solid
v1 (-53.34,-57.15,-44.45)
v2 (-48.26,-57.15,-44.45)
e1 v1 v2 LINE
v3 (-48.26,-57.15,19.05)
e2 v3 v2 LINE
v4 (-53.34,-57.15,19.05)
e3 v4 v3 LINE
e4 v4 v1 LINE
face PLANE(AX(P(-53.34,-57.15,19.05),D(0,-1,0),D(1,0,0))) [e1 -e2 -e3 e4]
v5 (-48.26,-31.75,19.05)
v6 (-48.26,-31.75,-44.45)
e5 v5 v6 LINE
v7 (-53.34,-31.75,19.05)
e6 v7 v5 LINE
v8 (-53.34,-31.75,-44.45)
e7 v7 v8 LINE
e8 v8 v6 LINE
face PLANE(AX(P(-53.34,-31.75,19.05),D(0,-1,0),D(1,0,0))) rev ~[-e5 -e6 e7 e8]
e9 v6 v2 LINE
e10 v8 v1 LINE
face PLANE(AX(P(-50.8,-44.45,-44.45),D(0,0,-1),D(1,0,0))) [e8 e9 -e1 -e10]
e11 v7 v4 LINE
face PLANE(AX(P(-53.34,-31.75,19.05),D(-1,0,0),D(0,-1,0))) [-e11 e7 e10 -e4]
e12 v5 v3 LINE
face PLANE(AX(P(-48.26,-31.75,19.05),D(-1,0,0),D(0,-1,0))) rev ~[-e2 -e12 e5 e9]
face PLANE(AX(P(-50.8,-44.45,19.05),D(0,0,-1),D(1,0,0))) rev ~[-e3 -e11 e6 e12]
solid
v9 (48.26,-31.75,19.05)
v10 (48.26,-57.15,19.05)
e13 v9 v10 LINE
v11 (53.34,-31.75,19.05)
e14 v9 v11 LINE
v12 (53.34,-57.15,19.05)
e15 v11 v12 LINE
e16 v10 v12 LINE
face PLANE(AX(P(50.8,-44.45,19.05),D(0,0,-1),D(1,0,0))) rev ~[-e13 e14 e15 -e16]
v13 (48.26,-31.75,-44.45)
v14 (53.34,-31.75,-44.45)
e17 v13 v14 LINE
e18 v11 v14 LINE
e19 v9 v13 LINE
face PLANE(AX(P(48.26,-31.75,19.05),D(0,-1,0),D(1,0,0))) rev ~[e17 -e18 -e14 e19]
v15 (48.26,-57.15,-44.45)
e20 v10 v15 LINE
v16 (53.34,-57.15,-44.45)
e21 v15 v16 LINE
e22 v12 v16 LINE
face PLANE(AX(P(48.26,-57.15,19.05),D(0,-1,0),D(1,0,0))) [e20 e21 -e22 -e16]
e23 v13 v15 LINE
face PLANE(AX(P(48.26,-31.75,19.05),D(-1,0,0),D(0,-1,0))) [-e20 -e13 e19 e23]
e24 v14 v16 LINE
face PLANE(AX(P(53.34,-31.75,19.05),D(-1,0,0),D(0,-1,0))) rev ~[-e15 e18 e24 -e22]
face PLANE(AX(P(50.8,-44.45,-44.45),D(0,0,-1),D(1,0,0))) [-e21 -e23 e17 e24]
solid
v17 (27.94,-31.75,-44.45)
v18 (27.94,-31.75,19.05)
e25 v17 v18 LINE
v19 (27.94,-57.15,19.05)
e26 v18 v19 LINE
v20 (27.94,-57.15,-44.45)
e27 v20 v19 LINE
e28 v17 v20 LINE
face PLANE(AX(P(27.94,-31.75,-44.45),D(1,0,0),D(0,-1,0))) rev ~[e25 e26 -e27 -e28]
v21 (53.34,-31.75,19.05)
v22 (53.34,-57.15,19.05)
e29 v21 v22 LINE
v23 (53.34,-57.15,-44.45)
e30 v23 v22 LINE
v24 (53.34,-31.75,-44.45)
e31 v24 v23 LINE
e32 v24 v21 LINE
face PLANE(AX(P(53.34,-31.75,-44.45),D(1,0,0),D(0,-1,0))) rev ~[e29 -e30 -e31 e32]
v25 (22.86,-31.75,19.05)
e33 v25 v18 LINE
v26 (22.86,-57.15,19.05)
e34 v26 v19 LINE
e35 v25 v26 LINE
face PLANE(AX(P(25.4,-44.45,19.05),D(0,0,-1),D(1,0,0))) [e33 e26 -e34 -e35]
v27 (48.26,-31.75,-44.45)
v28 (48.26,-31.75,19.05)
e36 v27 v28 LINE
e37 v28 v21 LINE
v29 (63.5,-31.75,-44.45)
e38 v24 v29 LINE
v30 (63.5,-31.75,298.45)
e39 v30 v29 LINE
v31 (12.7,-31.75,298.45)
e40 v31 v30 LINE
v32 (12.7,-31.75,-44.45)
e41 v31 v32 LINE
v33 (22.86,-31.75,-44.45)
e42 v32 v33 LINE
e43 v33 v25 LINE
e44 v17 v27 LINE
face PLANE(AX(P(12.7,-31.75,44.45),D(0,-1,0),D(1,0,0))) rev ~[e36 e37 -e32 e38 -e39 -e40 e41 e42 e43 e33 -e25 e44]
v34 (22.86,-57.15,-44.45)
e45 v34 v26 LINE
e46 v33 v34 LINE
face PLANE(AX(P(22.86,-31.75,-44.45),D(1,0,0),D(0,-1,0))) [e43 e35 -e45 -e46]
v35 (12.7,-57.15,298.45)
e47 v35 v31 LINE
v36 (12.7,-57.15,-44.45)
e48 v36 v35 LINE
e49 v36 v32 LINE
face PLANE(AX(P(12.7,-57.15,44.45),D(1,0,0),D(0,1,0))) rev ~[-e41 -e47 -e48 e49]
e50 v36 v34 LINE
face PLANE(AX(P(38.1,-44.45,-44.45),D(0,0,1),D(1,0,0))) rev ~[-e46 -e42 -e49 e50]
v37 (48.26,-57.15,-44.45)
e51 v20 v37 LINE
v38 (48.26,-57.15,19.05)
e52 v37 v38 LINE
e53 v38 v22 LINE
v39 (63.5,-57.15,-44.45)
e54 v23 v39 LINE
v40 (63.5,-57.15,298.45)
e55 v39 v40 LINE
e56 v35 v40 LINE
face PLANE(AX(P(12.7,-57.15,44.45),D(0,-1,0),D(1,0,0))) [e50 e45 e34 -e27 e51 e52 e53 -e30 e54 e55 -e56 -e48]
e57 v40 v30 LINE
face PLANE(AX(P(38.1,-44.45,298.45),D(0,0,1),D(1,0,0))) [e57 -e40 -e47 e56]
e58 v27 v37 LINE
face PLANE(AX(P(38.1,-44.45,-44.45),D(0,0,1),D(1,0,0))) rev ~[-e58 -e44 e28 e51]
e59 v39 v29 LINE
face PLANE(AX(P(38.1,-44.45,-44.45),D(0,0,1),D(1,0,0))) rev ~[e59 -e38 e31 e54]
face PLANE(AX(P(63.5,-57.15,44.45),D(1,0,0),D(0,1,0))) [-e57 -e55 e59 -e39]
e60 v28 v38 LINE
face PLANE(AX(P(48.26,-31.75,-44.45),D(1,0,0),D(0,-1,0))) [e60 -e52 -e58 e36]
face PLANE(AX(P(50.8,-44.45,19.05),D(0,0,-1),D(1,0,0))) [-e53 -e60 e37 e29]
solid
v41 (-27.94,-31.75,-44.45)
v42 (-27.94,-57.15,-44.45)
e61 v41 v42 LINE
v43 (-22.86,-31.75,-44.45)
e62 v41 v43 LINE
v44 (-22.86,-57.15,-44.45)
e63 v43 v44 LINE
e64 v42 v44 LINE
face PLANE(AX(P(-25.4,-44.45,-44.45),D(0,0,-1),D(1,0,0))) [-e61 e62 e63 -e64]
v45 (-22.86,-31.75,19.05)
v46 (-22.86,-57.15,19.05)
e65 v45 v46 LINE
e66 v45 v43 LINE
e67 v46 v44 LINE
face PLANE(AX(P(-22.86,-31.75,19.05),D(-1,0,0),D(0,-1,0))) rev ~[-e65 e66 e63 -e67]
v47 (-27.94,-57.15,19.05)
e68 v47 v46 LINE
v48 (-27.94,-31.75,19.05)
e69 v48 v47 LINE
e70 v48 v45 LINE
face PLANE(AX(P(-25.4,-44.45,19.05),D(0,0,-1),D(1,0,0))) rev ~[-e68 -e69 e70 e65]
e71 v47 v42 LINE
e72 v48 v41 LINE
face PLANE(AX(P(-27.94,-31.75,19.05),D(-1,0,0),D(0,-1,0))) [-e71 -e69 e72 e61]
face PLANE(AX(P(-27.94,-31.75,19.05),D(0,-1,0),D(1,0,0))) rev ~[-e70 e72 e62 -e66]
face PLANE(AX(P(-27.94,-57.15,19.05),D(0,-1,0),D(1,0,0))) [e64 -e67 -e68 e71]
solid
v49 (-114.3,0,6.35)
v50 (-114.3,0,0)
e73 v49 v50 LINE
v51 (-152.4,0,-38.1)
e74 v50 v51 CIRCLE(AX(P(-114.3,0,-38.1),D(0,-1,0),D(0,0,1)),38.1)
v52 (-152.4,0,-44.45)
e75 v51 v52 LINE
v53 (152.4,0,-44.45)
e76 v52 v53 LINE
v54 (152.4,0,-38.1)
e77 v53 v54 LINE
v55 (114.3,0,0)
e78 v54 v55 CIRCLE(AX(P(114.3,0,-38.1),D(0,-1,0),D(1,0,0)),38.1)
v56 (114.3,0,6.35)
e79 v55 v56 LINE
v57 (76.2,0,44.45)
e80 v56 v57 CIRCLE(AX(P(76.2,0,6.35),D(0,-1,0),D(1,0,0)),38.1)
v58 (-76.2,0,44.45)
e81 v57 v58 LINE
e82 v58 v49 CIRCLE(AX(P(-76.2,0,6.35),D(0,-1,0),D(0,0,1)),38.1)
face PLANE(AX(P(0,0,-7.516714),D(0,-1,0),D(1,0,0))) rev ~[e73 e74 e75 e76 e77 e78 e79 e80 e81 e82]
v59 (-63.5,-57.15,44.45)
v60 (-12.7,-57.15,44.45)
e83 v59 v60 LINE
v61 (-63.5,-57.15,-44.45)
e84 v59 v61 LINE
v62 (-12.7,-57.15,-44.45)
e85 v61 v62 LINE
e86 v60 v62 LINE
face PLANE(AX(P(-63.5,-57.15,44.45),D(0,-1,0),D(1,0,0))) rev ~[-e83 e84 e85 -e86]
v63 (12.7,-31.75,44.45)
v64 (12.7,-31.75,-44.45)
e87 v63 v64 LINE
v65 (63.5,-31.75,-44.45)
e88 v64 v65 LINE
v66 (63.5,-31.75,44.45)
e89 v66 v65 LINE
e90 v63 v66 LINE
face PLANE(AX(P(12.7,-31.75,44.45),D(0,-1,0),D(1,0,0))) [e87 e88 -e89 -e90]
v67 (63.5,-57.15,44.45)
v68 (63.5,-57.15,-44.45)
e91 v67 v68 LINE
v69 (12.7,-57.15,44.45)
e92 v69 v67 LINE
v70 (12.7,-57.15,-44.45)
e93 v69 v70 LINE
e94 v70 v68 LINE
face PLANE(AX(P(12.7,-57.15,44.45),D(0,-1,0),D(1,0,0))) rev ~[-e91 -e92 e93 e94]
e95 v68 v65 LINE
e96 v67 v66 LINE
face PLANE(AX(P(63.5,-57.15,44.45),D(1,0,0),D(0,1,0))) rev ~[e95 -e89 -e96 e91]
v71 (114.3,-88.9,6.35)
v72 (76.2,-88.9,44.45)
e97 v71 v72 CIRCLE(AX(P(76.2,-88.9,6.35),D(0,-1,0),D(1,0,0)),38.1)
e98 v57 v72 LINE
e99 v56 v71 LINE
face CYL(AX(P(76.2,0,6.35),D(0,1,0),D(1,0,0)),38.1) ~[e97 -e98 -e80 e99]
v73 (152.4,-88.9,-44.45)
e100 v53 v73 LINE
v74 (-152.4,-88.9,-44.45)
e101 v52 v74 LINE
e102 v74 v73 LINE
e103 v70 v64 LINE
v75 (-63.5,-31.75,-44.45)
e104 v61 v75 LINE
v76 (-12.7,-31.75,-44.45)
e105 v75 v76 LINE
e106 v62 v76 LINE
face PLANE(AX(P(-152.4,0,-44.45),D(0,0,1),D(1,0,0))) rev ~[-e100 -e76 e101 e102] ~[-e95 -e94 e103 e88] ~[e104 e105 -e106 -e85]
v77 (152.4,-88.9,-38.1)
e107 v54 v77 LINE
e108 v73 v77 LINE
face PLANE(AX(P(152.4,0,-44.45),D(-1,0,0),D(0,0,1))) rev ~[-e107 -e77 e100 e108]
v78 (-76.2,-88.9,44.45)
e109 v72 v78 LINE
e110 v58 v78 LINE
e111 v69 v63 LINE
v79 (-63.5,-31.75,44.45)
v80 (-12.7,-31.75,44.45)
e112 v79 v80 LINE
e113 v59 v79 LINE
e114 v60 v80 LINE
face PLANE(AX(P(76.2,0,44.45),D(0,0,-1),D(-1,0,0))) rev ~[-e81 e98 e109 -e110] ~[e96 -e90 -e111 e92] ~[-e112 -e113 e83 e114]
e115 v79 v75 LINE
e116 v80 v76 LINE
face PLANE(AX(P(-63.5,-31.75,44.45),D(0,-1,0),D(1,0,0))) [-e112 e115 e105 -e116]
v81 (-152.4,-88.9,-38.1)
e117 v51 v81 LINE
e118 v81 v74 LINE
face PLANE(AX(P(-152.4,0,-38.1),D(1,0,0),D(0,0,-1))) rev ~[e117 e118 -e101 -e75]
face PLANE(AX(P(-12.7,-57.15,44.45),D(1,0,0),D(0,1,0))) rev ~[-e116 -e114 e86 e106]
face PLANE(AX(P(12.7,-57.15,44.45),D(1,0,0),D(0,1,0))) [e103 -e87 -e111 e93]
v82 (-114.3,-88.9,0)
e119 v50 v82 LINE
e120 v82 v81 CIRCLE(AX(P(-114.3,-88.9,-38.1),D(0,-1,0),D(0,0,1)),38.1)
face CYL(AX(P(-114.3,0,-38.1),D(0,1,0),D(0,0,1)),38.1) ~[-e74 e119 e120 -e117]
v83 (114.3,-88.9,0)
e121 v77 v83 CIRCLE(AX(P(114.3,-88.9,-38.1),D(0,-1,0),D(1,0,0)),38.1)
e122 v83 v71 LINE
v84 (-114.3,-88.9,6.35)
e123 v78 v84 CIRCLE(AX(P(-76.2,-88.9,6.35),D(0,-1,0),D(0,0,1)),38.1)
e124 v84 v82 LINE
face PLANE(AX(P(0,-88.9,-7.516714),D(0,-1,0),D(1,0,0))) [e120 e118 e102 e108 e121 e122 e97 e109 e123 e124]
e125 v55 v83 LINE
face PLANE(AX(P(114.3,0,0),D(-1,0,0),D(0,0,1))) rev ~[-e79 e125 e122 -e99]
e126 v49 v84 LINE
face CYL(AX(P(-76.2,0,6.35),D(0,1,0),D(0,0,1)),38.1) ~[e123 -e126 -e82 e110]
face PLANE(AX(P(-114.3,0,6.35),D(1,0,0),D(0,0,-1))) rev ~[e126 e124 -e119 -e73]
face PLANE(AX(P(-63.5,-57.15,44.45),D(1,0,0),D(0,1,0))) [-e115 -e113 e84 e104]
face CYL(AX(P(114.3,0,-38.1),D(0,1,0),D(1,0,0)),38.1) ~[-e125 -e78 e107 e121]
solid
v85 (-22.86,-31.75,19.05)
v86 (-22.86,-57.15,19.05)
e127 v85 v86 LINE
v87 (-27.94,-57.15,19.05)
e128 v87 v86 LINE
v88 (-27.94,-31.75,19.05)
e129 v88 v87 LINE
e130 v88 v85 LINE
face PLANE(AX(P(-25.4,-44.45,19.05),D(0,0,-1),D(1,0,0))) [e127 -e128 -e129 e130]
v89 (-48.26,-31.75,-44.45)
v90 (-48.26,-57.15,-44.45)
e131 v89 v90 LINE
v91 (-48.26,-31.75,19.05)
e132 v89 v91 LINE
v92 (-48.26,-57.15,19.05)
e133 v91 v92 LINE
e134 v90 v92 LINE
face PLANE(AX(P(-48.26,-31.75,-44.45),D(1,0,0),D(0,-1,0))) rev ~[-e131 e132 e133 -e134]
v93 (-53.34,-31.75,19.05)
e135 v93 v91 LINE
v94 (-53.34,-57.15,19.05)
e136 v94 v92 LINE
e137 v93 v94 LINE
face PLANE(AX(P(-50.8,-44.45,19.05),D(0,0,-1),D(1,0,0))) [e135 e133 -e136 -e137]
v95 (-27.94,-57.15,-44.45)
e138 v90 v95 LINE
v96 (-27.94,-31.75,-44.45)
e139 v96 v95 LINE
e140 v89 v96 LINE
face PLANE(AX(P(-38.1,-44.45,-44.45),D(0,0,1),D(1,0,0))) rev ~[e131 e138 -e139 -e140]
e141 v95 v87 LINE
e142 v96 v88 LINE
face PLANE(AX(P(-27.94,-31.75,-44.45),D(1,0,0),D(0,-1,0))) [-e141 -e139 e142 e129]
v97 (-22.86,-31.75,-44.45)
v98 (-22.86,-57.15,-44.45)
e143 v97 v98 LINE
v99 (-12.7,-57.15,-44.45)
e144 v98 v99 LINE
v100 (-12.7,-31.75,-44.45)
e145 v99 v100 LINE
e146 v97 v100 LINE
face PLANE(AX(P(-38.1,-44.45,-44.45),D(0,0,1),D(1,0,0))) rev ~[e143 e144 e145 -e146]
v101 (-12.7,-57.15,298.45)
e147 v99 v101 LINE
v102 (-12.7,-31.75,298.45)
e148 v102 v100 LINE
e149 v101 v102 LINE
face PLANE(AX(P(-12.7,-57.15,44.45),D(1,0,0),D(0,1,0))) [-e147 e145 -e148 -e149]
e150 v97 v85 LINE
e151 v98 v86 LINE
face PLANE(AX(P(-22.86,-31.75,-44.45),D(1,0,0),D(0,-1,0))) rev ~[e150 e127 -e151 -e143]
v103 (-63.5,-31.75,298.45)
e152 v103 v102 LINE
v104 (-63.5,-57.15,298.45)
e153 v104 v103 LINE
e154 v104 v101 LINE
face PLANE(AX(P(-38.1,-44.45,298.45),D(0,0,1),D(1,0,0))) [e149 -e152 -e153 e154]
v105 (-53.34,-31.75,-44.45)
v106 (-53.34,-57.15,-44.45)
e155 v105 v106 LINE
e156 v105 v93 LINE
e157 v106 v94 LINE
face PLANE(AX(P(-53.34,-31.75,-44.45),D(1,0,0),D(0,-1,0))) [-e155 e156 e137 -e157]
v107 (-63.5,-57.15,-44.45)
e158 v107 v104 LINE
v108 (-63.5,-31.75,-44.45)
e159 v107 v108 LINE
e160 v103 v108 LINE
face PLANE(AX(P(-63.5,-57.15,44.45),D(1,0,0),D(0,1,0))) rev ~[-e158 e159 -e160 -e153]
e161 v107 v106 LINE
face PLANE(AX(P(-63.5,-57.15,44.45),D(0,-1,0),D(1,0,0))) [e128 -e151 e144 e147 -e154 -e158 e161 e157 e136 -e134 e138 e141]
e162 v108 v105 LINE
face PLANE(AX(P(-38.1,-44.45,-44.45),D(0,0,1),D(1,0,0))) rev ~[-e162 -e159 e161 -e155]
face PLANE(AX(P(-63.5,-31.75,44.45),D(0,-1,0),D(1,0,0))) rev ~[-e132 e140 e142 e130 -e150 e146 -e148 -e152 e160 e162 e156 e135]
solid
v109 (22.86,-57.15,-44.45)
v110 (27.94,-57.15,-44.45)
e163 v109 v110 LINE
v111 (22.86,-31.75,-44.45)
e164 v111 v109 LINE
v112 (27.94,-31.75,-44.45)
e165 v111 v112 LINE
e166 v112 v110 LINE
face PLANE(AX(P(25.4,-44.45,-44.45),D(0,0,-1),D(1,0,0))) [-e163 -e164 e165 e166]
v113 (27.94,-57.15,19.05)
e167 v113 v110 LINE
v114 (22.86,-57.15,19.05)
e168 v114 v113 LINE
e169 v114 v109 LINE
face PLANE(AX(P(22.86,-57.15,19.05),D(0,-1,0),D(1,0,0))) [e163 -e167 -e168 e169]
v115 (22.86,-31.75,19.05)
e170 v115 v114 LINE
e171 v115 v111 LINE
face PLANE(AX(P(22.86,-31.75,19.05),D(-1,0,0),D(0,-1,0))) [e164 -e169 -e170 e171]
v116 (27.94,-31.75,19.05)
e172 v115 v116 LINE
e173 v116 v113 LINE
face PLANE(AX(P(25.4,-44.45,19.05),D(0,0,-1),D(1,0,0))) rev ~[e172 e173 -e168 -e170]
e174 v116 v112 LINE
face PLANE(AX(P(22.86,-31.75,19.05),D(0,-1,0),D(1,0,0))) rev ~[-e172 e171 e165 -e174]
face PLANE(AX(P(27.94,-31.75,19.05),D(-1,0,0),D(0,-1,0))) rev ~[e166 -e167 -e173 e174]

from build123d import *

# Parameters (mm, degrees)
F1_DEPTH      = 88.9
F2_W          = 50.8
F2_H          = 25.4
F3_DEPTH      = 88.901
F4_DEPTH      = 254
F4_DEPTH_BACK = 88.9
F5_W          = 5.08
F5_H          = 25.4
F6_DEPTH      = 63.5
F7_W          = 5.08
F7_H          = 25.4
F8_DEPTH      = 63.5
F6_FACE_W     = 5.08
F6_FACE_H     = 25.4
F9_W          = 5.08
F9_H          = 25.4
F8_FACE_W     = 5.08
F8_FACE_H     = 25.4
F10_DEPTH     = 63.5


with BuildPart() as f1:
    # F0 (on Front) → F1 (new body)
    with BuildSketch(Plane.XZ):
        with BuildLine():
            Line((-152.4, -44.45), (152.4, -44.45))
            Line((152.4, -44.45), (152.4, -38.1))
            ThreePointArc((152.4, -38.1), (141.2407683632, -11.1592316368), (114.3, 0))
            Line((114.3, 0), (114.3, 6.35))
            ThreePointArc((114.3, 6.35), (103.1407683632, 33.2907683632), (76.2, 44.45))
            Line((76.2, 44.45), (-76.2, 44.45))
            ThreePointArc((-76.2, 44.45), (-103.1407683632, 33.2907683632), (-114.3, 6.35))
            Line((-114.3, 6.35), (-114.3, 0))
            ThreePointArc((-114.3, 0), (-141.2407683632, -11.1592316368), (-152.4, -38.1))
            Line((-152.4, -38.1), (-152.4, -44.45))
        make_face()
    extrude(amount=F1_DEPTH)

    # F2 (on face) → F3 (cut, through all)
    with BuildSketch(Plane.XY.offset(44.45)):
        with Locations((-38.1, -44.45)):
            Rectangle(F2_W, F2_H)
        with Locations((38.1, -44.45)):
            Rectangle(F2_W, F2_H)
    extrude(amount=-F3_DEPTH, mode=Mode.SUBTRACT)


with BuildPart() as f4:
    # F2 (on face) → F4 (new body, two sides)
    with BuildSketch(Plane.XY.offset(44.45)) as f4_sk:
        with Locations((-38.1, -44.45)):
            Rectangle(F2_W, F2_H)
    extrude(amount=F4_DEPTH)
    extrude(f4_sk.sketch, amount=-F4_DEPTH_BACK)

    # F5 (on face) → F6 (cut)
    with BuildSketch(Plane(origin=(0, 0, -44.45), x_dir=(1, 0, 0), z_dir=(0, 0, -1))):
        with Locations((-50.8, 44.45)):
            Rectangle(F5_W, F5_H)
        with Locations((-25.4, 44.45)):
            Rectangle(F5_W, F5_H)
    extrude(amount=-F6_DEPTH, mode=Mode.SUBTRACT)


with BuildPart() as f4b:
    # F2 (on face) → F4, piece 2 (new body, two sides)
    with BuildSketch(Plane.XY.offset(44.45)) as f4_2_sk:
        with Locations((38.1, -44.45)):
            Rectangle(F2_W, F2_H)
    extrude(amount=F4_DEPTH)
    extrude(f4_2_sk.sketch, amount=-F4_DEPTH_BACK)

    # F7 (on face) → F8 (cut)
    with BuildSketch(Plane(origin=(0, 0, -44.45), x_dir=(1, 0, 0), z_dir=(0, 0, -1))):
        with Locations((25.4, 44.45)):
            Rectangle(F7_W, F7_H)
        with Locations((50.8, 44.45)):
            Rectangle(F7_W, F7_H)
    extrude(amount=-F8_DEPTH, mode=Mode.SUBTRACT)


with BuildPart() as f10:
    # F6_face (on face) + F9 (on face) + F8_face (on face) → F10 (new body)
    with BuildSketch(Plane(origin=(-50.8, -44.45, 19.05), x_dir=(1, 0, 0), z_dir=(0, 0, -1))):
        with Locations((25.4, 0)):
            Rectangle(F6_FACE_W, F6_FACE_H)
    with BuildSketch(Plane(origin=(0, 0, 19.05), x_dir=(1, 0, 0), z_dir=(0, 0, -1))):
        with Locations((-50.8, 44.45)):
            Rectangle(F9_W, F9_H)
    with BuildSketch(Plane(origin=(25.4, -44.45, 19.05), x_dir=(1, 0, 0), z_dir=(0, 0, -1))):
        Rectangle(F8_FACE_W, F8_FACE_H)
        with Locations((25.4, 0)):
            Rectangle(F8_FACE_W, F8_FACE_H)
    extrude(amount=F10_DEPTH)


solid = Compound([f1.part, f4.part, f4b.part, f10.part])
